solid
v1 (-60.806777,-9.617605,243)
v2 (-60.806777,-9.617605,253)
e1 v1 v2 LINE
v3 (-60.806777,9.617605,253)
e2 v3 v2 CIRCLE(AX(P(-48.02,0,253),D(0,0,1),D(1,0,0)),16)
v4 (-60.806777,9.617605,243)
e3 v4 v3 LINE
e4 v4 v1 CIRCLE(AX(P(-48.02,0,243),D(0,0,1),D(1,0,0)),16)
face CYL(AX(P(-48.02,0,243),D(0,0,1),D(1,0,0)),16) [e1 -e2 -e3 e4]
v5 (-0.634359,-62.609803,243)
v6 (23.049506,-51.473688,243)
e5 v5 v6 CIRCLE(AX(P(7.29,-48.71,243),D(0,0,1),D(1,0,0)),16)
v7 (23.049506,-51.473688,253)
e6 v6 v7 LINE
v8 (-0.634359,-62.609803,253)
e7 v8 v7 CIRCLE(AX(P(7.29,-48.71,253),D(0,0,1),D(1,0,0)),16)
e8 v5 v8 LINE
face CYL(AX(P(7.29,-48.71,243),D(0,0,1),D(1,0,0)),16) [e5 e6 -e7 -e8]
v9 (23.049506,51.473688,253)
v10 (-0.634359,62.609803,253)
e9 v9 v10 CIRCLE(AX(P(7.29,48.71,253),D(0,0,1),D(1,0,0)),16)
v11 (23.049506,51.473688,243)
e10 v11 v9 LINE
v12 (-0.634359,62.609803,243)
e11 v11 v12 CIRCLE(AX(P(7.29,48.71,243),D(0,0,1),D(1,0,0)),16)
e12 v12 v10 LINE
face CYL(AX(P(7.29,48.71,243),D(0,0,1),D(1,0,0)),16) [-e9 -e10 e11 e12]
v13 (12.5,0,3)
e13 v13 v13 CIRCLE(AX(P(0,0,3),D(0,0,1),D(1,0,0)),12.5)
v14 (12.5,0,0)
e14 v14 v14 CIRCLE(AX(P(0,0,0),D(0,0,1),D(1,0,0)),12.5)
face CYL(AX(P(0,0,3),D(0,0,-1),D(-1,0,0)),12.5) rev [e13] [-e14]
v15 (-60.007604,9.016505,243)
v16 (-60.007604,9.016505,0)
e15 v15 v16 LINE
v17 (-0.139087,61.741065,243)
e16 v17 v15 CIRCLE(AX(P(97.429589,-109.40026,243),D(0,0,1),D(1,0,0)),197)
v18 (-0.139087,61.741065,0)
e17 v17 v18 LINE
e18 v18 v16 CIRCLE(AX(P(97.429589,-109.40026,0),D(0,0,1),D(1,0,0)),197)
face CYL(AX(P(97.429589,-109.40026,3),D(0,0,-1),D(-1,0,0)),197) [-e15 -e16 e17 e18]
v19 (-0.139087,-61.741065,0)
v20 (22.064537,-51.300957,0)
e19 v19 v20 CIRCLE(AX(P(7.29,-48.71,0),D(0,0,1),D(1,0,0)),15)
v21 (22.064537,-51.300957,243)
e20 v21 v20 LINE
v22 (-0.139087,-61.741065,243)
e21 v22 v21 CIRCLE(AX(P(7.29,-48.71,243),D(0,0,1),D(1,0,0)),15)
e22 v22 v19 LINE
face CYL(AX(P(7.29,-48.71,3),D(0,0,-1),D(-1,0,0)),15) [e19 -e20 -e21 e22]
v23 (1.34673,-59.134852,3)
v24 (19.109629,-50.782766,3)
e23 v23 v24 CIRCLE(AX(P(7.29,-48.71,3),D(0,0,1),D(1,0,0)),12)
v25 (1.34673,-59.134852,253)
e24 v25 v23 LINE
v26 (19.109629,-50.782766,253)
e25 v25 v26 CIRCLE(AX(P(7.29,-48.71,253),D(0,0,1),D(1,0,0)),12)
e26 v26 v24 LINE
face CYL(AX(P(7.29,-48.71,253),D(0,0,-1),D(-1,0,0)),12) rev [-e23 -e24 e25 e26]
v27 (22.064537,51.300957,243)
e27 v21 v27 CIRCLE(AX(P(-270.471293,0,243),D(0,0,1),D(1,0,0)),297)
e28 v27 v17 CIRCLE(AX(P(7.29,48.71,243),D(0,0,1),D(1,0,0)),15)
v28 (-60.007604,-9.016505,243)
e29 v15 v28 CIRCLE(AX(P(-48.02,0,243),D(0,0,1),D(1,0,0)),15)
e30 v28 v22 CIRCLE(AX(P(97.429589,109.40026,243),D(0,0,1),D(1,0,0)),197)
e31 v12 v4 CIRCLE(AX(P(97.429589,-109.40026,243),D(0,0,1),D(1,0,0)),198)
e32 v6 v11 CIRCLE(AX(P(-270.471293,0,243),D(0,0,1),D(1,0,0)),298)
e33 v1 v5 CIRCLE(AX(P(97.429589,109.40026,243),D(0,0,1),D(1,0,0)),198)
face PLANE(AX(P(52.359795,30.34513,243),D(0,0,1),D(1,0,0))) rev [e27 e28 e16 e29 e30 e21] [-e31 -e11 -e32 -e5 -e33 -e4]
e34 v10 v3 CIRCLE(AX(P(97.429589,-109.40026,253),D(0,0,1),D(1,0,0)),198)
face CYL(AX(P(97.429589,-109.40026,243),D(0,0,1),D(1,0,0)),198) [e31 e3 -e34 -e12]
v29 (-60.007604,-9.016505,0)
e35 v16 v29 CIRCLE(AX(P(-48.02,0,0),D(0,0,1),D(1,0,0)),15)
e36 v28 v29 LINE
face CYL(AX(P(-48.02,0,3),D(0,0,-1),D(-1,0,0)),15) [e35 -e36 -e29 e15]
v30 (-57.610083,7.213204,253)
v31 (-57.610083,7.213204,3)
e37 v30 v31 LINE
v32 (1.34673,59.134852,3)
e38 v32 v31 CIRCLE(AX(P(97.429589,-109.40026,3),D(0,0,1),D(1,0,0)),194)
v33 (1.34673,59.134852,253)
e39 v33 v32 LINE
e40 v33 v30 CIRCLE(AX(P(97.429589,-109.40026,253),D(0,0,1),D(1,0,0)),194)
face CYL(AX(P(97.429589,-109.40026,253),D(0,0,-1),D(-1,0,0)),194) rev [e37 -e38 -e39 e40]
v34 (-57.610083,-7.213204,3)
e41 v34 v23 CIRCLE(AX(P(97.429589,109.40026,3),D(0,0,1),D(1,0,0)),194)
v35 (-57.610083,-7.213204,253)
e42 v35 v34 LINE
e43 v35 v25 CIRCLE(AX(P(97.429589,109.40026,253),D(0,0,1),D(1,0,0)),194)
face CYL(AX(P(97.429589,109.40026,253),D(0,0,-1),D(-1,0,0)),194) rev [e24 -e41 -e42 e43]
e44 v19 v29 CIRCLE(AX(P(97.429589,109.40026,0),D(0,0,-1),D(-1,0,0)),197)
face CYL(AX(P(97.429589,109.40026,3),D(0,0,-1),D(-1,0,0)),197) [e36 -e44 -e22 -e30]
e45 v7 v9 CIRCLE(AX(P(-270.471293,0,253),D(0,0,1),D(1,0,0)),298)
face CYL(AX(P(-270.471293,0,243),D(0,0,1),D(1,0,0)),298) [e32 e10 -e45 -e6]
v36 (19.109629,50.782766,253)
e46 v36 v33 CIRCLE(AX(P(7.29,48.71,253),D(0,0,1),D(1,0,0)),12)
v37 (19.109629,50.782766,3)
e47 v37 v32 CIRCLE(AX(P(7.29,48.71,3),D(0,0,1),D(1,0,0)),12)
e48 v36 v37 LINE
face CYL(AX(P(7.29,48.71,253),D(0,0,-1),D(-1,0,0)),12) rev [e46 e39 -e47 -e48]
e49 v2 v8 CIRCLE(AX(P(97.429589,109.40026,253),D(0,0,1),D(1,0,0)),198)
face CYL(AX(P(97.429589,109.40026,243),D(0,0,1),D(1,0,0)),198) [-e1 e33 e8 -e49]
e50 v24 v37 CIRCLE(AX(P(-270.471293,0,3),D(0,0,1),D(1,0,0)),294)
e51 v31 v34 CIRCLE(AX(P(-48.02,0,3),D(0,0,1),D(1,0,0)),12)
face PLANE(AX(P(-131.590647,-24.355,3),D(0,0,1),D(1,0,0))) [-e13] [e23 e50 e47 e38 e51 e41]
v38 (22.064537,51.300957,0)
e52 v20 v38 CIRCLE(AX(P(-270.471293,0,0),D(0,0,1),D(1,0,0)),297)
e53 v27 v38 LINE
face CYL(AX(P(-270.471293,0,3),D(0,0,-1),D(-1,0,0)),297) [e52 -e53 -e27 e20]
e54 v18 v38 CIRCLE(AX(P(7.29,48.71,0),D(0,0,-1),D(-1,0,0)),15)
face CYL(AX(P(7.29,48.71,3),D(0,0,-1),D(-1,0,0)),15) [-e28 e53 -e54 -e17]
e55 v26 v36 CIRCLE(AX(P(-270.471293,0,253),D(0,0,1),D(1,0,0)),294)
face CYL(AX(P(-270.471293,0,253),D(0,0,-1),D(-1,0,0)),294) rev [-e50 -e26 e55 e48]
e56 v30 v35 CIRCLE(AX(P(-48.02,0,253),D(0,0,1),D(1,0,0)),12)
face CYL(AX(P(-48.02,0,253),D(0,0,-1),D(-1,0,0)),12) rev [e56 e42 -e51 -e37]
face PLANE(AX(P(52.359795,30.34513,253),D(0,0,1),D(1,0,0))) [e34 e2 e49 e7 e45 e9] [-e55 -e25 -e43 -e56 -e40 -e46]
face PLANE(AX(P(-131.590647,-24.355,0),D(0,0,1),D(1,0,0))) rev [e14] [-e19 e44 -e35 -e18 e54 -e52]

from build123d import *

# Parameters (mm, degrees)
SKETCH1_R           = 12.5
BOSS_EXTRUDE1_DEPTH = 3
BOSS_EXTRUDE2_START = 3
BOSS_EXTRUDE2_DEPTH = 250
BOSS_EXTRUDE3_START = 243
BOSS_EXTRUDE3_DEPTH = 10


with BuildPart() as part:
    # Sketch1 → Boss-Extrude1 (new body)
    with BuildSketch(Plane(origin=(0, 0, 0), x_dir=(0, 1, 0), z_dir=(0, 0, 1))):
        with BuildLine():
            ThreePointArc((-61.741065417, 0.13908703), (-38.440978301, 32.77013475), (-9.016504978, 60.007603513))
            ThreePointArc((-9.016504978, 60.007603513), (0, 63.02), (9.016504978, 60.007603513))
            ThreePointArc((9.016504978, 60.007603513), (38.440978301, 32.77013475), (61.741065417, 0.13908703))
            ThreePointArc((61.741065417, 0.13908703), (62.284318697, -13.672622652), (51.300957447, -22.064536863))
            ThreePointArc((51.300957447, -22.064536863), (0, -26.52870698), (-51.300957447, -22.064536863))
            ThreePointArc((-51.300957447, -22.064536863), (-62.284318697, -13.672622652), (-61.741065417, 0.13908703))
        make_face()
        with Locations(Location((0, 0, 0), (0, 0, 270))):
            Circle(SKETCH1_R, mode=Mode.SUBTRACT)
    extrude(amount=BOSS_EXTRUDE1_DEPTH)

    # Sketch1<3> → Boss-Extrude2 (add)
    with BuildSketch(Plane(origin=(0, 0, 0), x_dir=(0, 1, 0), z_dir=(0, 0, 1)).offset(BOSS_EXTRUDE2_START)):
        with BuildLine():
            Line((0, 60.02), (0, 63.02))
            ThreePointArc((0, 63.02), (-4.75320667, 62.246982335), (-9.016504978, 60.007603513))
            ThreePointArc((-9.016504978, 60.007603513), (-38.440978301, 32.77013475), (-61.741065417, 0.13908703))
            ThreePointArc((-61.741065417, 0.13908703), (-62.284318697, -13.672622652), (-51.300957447, -22.064536863))
            ThreePointArc((-51.300957447, -22.064536863), (-25.747412733, -25.410559647), (0, -26.52870698))
            Line((0, -26.52870698), (0, -23.52870698))
            ThreePointArc((0, -23.52870698), (-25.487337857, -22.421854065), (-50.782765957, -19.10962949))
            ThreePointArc((-50.782765957, -19.10962949), (-59.569454957, -12.396098122), (-59.134852334, -1.346730376))
            ThreePointArc((-59.134852334, -1.346730376), (-36.189588879, 30.787397836), (-7.213203982, 57.610082811))
            ThreePointArc((-7.213203982, 57.610082811), (-3.802565336, 59.401585868), (0, 60.02))
        make_face()
        with BuildLine():
            ThreePointArc((9.016504978, 60.007603513), (4.75320667, 62.246982335), (0, 63.02))
            Line((0, 63.02), (0, 60.02))
            ThreePointArc((0, 60.02), (3.802565336, 59.401585868), (7.213203982, 57.610082811))
            ThreePointArc((7.213203982, 57.610082811), (36.189588879, 30.787397836), (59.134852334, -1.346730376))
            ThreePointArc((59.134852334, -1.346730376), (59.569454957, -12.396098122), (50.782765957, -19.10962949))
            ThreePointArc((50.782765957, -19.10962949), (25.487337857, -22.421854065), (0, -23.52870698))
            Line((0, -23.52870698), (0, -26.52870698))
            ThreePointArc((0, -26.52870698), (25.747412733, -25.410559647), (51.300957447, -22.064536863))
            ThreePointArc((51.300957447, -22.064536863), (62.284318697, -13.672622652), (61.741065417, 0.13908703))
            ThreePointArc((61.741065417, 0.13908703), (38.440978301, 32.77013475), (9.016504978, 60.007603513))
        make_face()
    extrude(amount=BOSS_EXTRUDE2_DEPTH)

    # Sketch1<4> → Boss-Extrude3 (add)
    with BuildSketch(Plane(origin=(0, 0, 0), x_dir=(0, 1, 0), z_dir=(0, 0, 1)).offset(BOSS_EXTRUDE3_START)):
        with BuildLine():
            Line((0, 63.02), (0, 64.02))
            ThreePointArc((0, 64.02), (-5.070087115, 63.195447824), (-9.617605309, 60.806777081))
            ThreePointArc((-9.617605309, 60.806777081), (-39.191441441, 33.431047055), (-62.609803112, 0.634359498))
            ThreePointArc((-62.609803112, 0.634359498), (-63.189273276, -14.098130829), (-51.473687943, -23.049505987))
            ThreePointArc((-51.473687943, -23.049505987), (-25.834104358, -26.406794841), (0, -27.52870698))
            Line((0, -27.52870698), (0, -26.52870698))
            ThreePointArc((0, -26.52870698), (-25.747412733, -25.410559647), (-51.300957447, -22.064536863))
            ThreePointArc((-51.300957447, -22.064536863), (-62.284318697, -13.672622652), (-61.741065417, 0.13908703))
            ThreePointArc((-61.741065417, 0.13908703), (-38.440978301, 32.77013475), (-9.016504978, 60.007603513))
            ThreePointArc((-9.016504978, 60.007603513), (-4.75320667, 62.246982335), (0, 63.02))
        make_face()
        with BuildLine():
            ThreePointArc((9.617605309, 60.806777081), (5.070087115, 63.195447824), (0, 64.02))
            Line((0, 64.02), (0, 63.02))
            ThreePointArc((0, 63.02), (4.75320667, 62.246982335), (9.016504978, 60.007603513))
            ThreePointArc((9.016504978, 60.007603513), (38.440978301, 32.77013475), (61.741065417, 0.13908703))
            ThreePointArc((61.741065417, 0.13908703), (62.284318697, -13.672622652), (51.300957447, -22.064536863))
            ThreePointArc((51.300957447, -22.064536863), (25.747412733, -25.410559647), (0, -26.52870698))
            Line((0, -26.52870698), (0, -27.52870698))
            ThreePointArc((0, -27.52870698), (25.834104358, -26.406794841), (51.473687943, -23.049505987))
            ThreePointArc((51.473687943, -23.049505987), (63.189273276, -14.098130829), (62.609803112, 0.634359498))
            ThreePointArc((62.609803112, 0.634359498), (39.191441441, 33.431047055), (9.617605309, 60.806777081))
        make_face()
    extrude(amount=BOSS_EXTRUDE3_DEPTH)


solid = part.part
